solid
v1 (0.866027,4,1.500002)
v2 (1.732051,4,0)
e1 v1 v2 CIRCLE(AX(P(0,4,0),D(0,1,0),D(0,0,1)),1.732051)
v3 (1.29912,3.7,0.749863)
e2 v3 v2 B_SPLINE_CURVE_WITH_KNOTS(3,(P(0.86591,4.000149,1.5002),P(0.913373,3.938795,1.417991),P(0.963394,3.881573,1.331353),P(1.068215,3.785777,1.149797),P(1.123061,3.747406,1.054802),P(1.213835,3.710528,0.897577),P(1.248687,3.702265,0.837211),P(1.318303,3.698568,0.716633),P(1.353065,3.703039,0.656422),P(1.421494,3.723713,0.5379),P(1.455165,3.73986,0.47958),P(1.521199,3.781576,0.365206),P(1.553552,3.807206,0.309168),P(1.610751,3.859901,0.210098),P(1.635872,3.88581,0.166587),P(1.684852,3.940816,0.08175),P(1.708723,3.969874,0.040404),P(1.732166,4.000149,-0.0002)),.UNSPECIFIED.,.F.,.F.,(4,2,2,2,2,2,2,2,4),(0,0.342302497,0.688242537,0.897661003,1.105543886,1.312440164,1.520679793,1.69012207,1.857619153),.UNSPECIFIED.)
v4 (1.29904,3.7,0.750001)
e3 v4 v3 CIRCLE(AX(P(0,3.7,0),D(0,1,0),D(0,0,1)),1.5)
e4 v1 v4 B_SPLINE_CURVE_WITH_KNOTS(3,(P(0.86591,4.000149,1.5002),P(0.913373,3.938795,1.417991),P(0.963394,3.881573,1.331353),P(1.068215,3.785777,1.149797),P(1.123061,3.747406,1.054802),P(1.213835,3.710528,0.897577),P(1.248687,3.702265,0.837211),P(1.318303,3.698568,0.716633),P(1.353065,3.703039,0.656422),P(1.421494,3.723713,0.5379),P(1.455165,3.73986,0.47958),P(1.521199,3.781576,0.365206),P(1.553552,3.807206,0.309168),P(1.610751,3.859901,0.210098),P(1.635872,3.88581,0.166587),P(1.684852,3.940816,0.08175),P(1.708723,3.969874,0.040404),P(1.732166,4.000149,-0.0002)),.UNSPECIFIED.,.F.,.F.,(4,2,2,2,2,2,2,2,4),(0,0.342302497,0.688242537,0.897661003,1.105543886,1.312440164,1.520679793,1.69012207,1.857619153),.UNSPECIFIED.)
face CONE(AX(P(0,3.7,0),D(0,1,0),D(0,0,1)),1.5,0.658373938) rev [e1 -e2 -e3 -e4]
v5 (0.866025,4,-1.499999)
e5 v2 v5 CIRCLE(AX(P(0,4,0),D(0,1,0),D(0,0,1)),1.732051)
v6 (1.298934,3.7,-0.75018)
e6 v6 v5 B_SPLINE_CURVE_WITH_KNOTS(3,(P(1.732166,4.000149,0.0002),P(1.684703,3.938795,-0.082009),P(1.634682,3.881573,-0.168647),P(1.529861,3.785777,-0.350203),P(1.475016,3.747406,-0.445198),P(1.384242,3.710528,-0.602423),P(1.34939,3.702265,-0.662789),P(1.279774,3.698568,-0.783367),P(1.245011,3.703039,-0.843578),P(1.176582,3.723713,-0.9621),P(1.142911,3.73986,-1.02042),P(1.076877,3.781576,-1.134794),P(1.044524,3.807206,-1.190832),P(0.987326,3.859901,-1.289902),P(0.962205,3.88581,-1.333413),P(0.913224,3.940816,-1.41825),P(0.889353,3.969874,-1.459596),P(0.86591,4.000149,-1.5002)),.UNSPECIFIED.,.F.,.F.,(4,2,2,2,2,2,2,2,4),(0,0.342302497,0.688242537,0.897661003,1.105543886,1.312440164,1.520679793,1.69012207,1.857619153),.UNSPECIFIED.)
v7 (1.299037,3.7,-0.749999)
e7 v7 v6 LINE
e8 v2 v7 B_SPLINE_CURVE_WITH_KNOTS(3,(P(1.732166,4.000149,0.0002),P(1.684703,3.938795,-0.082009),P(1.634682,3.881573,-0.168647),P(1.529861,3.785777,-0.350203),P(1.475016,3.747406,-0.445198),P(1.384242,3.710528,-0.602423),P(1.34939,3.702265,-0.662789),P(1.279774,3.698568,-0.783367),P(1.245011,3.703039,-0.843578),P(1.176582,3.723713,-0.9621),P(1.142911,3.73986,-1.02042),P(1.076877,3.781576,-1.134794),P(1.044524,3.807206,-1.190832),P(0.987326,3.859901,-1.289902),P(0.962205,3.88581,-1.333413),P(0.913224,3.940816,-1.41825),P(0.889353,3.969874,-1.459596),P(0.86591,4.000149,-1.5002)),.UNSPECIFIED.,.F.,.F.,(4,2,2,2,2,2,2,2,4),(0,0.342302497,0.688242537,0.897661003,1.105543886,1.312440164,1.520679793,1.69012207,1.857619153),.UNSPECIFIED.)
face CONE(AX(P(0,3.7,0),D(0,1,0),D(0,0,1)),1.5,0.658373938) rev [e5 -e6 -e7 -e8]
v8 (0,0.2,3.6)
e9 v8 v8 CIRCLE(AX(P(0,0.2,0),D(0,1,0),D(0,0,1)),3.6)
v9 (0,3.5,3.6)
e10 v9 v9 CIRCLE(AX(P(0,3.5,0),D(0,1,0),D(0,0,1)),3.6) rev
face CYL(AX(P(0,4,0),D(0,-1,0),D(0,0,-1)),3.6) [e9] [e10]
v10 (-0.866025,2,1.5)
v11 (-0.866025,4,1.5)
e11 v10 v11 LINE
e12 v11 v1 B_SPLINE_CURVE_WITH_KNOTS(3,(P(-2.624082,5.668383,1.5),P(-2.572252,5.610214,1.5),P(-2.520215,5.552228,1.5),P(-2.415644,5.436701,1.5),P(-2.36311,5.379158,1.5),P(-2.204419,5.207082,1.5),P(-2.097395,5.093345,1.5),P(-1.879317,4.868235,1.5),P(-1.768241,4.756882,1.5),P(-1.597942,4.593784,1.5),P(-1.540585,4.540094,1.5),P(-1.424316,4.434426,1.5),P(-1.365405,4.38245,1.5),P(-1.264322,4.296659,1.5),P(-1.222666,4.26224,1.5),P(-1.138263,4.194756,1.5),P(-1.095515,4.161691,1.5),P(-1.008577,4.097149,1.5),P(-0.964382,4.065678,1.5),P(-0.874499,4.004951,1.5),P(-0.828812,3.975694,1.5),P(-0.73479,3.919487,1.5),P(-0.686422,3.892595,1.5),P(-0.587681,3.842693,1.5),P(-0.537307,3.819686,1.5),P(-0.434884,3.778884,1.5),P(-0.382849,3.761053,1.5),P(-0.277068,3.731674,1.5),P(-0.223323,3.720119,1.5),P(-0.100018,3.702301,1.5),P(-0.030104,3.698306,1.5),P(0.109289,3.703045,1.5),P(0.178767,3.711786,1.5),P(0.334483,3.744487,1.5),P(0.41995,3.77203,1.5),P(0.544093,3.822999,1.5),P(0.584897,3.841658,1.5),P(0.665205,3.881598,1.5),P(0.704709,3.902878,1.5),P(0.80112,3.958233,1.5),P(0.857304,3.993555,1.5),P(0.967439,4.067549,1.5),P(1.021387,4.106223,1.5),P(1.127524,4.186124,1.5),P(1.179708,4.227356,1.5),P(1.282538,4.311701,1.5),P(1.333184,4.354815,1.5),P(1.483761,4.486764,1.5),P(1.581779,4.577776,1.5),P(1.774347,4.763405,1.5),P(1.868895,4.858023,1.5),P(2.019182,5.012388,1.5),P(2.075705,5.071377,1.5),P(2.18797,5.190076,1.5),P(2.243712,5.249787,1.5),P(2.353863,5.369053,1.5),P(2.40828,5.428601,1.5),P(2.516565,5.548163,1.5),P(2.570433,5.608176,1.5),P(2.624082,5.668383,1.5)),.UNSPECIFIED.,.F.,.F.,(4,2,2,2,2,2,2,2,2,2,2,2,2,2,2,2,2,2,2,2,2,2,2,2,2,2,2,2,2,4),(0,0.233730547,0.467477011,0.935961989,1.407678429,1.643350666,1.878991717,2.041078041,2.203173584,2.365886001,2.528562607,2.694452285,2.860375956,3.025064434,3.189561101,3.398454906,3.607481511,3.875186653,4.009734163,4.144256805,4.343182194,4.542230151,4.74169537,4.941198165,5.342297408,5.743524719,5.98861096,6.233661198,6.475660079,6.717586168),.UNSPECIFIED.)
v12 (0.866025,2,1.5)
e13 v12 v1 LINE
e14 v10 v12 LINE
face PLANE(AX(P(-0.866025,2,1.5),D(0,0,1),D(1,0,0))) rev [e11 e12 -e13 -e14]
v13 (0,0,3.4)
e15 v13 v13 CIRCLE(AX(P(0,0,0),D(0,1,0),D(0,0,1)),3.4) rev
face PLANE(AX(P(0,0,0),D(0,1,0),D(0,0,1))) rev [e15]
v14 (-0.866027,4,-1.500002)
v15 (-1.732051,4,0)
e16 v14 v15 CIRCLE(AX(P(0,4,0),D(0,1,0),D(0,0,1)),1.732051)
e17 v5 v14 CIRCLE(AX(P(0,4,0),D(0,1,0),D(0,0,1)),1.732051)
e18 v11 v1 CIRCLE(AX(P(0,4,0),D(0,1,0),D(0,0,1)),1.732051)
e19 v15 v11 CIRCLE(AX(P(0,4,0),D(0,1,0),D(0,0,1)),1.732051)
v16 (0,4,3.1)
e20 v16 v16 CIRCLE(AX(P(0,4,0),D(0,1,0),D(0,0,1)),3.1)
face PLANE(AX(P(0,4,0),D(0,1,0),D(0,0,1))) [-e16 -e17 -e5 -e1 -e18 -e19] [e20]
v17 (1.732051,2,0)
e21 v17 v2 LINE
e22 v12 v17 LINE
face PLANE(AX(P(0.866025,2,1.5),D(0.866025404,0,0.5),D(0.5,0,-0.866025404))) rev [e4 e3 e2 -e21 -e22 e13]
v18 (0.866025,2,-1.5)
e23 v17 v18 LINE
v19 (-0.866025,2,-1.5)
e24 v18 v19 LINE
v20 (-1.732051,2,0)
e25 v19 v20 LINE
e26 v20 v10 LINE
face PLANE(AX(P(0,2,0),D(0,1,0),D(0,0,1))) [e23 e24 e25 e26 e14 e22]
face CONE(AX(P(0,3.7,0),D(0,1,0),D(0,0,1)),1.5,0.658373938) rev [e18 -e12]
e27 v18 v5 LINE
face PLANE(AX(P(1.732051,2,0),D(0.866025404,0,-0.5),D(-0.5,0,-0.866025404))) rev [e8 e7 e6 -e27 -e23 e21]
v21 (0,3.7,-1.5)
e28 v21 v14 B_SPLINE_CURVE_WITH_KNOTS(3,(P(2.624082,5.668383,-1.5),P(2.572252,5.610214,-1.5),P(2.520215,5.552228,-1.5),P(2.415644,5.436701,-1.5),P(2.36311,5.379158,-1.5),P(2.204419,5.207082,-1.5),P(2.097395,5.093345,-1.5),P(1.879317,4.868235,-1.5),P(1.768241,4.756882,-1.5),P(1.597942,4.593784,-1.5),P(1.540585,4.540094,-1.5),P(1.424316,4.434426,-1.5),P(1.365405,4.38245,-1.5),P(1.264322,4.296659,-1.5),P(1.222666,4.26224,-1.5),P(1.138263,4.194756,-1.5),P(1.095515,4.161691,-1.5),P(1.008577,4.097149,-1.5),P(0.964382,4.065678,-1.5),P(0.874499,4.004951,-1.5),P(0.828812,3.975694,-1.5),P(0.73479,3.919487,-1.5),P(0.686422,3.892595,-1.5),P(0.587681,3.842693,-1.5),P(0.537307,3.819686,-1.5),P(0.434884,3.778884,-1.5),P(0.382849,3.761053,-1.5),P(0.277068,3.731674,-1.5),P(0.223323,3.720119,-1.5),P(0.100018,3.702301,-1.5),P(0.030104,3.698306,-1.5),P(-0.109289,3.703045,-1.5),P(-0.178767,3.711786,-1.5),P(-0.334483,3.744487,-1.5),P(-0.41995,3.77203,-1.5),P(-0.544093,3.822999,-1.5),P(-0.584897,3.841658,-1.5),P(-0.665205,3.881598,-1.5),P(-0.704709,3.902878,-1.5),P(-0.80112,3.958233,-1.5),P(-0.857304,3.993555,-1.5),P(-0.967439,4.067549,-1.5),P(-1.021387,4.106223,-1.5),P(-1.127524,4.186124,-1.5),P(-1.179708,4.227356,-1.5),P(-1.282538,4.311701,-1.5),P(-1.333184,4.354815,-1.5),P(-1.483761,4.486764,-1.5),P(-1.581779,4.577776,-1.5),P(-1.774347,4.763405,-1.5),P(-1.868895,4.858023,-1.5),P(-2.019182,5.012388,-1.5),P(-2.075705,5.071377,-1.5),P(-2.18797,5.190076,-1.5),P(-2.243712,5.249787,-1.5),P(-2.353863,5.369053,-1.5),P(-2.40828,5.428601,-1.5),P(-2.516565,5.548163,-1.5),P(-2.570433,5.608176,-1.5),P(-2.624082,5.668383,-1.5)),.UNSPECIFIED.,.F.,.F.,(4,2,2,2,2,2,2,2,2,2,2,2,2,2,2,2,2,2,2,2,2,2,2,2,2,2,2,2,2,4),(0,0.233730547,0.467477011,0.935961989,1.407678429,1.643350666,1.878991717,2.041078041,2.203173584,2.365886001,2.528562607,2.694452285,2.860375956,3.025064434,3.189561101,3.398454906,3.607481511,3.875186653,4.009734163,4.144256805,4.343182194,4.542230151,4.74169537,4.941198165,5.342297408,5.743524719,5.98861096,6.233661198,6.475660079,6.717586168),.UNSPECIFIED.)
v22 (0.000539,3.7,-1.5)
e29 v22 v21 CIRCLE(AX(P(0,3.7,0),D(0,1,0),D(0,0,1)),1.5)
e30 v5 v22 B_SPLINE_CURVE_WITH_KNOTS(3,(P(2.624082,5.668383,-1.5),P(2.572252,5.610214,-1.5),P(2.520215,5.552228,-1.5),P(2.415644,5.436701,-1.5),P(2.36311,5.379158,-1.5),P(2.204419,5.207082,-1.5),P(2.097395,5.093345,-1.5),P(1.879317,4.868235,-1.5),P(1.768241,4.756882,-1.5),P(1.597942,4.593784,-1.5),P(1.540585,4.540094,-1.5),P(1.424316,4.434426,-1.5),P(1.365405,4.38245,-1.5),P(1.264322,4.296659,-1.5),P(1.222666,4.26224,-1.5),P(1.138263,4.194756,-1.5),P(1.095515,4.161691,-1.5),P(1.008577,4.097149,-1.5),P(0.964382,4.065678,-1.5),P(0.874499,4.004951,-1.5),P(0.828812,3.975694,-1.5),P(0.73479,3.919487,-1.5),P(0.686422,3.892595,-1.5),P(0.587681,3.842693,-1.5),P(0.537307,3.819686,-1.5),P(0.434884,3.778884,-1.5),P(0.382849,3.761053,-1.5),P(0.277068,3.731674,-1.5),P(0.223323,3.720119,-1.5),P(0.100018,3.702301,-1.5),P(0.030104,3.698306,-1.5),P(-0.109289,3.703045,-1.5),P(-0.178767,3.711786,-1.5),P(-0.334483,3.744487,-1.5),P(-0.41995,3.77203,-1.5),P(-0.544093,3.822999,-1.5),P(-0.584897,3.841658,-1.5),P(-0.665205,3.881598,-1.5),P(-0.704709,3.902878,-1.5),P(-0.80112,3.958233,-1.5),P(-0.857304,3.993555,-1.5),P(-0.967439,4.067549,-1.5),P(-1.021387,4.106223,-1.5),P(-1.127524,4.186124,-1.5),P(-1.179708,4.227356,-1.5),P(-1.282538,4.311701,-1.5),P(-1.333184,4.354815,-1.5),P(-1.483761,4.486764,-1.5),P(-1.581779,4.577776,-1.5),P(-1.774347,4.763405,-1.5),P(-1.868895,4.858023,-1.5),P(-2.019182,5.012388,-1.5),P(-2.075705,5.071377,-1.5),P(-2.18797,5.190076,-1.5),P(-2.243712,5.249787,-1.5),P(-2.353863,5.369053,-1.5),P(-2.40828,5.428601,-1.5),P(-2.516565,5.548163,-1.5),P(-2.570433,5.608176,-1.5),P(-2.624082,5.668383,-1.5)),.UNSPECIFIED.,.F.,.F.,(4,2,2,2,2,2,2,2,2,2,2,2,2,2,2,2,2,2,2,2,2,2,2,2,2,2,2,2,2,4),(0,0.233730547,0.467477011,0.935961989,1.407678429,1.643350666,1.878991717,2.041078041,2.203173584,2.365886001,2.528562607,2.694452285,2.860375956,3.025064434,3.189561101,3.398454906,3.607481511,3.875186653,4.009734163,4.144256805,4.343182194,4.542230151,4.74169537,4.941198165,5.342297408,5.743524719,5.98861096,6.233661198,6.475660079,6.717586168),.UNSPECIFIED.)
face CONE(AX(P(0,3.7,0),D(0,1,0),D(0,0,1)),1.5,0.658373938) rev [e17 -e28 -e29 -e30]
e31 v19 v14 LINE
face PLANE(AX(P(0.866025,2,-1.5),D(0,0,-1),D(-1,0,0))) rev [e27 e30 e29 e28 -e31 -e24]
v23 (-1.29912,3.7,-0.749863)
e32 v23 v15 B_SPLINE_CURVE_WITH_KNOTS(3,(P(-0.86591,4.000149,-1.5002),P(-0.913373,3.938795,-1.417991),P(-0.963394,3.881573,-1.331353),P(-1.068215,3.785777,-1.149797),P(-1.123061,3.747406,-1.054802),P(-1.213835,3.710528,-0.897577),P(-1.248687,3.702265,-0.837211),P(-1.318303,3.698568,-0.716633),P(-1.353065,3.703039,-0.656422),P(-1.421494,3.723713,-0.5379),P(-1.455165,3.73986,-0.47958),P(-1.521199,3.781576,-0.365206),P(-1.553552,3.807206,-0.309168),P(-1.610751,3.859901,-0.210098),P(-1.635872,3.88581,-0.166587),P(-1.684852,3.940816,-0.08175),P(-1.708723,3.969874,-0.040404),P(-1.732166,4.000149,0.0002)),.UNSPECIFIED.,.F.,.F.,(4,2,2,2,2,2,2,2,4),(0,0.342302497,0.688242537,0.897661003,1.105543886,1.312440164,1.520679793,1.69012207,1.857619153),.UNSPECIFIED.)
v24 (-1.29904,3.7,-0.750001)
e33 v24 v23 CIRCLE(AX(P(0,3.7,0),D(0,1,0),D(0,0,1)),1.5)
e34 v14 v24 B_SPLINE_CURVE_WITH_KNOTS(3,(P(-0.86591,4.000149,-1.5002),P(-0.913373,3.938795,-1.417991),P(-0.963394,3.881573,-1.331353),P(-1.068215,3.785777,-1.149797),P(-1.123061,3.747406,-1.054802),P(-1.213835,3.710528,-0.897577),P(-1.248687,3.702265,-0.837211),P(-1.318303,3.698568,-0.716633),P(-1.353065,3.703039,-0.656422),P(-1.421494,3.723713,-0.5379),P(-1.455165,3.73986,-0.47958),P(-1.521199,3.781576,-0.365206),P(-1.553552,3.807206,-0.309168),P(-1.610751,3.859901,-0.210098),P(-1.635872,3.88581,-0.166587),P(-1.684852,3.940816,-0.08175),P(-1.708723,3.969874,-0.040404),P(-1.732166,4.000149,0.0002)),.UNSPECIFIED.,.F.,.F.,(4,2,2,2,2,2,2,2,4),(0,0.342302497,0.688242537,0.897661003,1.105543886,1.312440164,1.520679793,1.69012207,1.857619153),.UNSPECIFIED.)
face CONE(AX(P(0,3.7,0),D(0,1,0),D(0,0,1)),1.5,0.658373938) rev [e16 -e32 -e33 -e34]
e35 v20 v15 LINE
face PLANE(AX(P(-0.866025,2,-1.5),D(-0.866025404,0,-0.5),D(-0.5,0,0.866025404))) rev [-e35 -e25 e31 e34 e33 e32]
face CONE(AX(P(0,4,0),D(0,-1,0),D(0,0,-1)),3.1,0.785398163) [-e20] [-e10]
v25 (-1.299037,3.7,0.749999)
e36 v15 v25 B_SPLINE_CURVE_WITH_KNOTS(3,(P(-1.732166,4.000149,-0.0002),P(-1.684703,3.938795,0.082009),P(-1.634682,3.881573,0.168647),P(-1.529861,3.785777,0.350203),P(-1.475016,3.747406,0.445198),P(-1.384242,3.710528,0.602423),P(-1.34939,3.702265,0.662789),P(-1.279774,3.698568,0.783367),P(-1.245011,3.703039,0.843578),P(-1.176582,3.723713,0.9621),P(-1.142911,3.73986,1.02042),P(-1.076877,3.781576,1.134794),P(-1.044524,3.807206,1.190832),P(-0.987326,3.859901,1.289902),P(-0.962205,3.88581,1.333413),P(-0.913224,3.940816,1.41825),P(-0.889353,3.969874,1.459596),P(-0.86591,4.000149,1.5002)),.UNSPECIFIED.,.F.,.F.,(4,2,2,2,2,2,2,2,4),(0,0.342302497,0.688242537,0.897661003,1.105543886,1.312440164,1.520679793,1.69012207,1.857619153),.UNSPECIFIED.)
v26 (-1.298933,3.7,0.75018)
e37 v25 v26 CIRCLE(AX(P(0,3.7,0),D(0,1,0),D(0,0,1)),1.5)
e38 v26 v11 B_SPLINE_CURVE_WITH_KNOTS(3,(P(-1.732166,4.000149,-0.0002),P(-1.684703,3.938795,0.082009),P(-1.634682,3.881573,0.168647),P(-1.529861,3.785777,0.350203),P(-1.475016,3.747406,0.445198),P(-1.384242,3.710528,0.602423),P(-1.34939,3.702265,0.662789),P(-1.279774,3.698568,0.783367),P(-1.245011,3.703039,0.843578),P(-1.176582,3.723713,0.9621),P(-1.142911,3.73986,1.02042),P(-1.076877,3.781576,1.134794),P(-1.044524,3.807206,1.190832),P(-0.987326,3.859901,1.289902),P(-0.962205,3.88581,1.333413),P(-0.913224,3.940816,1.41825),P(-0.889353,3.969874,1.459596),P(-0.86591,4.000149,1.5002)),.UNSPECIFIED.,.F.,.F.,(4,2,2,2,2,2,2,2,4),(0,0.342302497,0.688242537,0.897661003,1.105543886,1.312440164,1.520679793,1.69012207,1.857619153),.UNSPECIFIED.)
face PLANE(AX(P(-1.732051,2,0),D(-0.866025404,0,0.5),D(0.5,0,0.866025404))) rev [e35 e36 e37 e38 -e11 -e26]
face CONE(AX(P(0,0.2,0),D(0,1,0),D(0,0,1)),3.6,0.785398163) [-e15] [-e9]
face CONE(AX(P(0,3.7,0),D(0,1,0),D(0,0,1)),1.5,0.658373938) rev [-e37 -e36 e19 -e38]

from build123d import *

# Parameters (mm, degrees)
SKETCH_1_R          = 3.6
EXTRUDE_1_DEPTH     = 4
CUT_EXTRUDE_1_DEPTH = 2
SKETCH_3_R          = 1.732050808
SKETCH_4_R          = 1.5
CHAMFER_1_SIZE      = 0.5
CHAMFER_2_SIZE      = 0.2


with BuildPart() as part:
    # 草图1 → 凸台-拉伸1 (new body)
    with BuildSketch(Plane(origin=(0, 0, 0), x_dir=(1, 0, 0), z_dir=(0, 1, 0))):
        with Locations(Location((0, 0, 0), (0, 0, 270))):
            Circle(SKETCH_1_R)
    extrude(amount=EXTRUDE_1_DEPTH)

    # 草图2 → 切除-拉伸1 (cut)
    with BuildSketch(Plane(origin=(0, 4, 0), x_dir=(1, 0, 0), z_dir=(0, 1, 0))):
        Polygon((1.732050808, 0), (0.866025404, 1.5), (-0.866025404, 1.5), (-1.732050808, 0), (-0.866025404, -1.5), (0.866025404, -1.5), align=None)
    extrude(amount=-CUT_EXTRUDE_1_DEPTH, mode=Mode.SUBTRACT)

    # 草图3 → 切除-放样1 section 0
    with BuildSketch(Plane(origin=(0, 4, 0), x_dir=(1, 0, 0), z_dir=(0, 1, 0))):
        Circle(SKETCH_3_R)
    # 草图4 → 切除-放样1 section 1
    with BuildSketch(Plane(origin=(0, 3.7, 0), x_dir=(1, 0, 0), z_dir=(0, 1, 0))):
        Circle(SKETCH_4_R)
    loft(mode=Mode.SUBTRACT)

    # 倒角1
    chamfer_1_edges = [part.edges().sort_by_distance(p)[0] for p in [
        (0, 4, -3.6),
    ]]
    chamfer(chamfer_1_edges, length=CHAMFER_1_SIZE)

    # 倒角2
    chamfer_2_edges = [part.edges().sort_by_distance(p)[0] for p in [
        (0, 0, -3.6),
    ]]
    chamfer(chamfer_2_edges, length=CHAMFER_2_SIZE)


solid = part.part
